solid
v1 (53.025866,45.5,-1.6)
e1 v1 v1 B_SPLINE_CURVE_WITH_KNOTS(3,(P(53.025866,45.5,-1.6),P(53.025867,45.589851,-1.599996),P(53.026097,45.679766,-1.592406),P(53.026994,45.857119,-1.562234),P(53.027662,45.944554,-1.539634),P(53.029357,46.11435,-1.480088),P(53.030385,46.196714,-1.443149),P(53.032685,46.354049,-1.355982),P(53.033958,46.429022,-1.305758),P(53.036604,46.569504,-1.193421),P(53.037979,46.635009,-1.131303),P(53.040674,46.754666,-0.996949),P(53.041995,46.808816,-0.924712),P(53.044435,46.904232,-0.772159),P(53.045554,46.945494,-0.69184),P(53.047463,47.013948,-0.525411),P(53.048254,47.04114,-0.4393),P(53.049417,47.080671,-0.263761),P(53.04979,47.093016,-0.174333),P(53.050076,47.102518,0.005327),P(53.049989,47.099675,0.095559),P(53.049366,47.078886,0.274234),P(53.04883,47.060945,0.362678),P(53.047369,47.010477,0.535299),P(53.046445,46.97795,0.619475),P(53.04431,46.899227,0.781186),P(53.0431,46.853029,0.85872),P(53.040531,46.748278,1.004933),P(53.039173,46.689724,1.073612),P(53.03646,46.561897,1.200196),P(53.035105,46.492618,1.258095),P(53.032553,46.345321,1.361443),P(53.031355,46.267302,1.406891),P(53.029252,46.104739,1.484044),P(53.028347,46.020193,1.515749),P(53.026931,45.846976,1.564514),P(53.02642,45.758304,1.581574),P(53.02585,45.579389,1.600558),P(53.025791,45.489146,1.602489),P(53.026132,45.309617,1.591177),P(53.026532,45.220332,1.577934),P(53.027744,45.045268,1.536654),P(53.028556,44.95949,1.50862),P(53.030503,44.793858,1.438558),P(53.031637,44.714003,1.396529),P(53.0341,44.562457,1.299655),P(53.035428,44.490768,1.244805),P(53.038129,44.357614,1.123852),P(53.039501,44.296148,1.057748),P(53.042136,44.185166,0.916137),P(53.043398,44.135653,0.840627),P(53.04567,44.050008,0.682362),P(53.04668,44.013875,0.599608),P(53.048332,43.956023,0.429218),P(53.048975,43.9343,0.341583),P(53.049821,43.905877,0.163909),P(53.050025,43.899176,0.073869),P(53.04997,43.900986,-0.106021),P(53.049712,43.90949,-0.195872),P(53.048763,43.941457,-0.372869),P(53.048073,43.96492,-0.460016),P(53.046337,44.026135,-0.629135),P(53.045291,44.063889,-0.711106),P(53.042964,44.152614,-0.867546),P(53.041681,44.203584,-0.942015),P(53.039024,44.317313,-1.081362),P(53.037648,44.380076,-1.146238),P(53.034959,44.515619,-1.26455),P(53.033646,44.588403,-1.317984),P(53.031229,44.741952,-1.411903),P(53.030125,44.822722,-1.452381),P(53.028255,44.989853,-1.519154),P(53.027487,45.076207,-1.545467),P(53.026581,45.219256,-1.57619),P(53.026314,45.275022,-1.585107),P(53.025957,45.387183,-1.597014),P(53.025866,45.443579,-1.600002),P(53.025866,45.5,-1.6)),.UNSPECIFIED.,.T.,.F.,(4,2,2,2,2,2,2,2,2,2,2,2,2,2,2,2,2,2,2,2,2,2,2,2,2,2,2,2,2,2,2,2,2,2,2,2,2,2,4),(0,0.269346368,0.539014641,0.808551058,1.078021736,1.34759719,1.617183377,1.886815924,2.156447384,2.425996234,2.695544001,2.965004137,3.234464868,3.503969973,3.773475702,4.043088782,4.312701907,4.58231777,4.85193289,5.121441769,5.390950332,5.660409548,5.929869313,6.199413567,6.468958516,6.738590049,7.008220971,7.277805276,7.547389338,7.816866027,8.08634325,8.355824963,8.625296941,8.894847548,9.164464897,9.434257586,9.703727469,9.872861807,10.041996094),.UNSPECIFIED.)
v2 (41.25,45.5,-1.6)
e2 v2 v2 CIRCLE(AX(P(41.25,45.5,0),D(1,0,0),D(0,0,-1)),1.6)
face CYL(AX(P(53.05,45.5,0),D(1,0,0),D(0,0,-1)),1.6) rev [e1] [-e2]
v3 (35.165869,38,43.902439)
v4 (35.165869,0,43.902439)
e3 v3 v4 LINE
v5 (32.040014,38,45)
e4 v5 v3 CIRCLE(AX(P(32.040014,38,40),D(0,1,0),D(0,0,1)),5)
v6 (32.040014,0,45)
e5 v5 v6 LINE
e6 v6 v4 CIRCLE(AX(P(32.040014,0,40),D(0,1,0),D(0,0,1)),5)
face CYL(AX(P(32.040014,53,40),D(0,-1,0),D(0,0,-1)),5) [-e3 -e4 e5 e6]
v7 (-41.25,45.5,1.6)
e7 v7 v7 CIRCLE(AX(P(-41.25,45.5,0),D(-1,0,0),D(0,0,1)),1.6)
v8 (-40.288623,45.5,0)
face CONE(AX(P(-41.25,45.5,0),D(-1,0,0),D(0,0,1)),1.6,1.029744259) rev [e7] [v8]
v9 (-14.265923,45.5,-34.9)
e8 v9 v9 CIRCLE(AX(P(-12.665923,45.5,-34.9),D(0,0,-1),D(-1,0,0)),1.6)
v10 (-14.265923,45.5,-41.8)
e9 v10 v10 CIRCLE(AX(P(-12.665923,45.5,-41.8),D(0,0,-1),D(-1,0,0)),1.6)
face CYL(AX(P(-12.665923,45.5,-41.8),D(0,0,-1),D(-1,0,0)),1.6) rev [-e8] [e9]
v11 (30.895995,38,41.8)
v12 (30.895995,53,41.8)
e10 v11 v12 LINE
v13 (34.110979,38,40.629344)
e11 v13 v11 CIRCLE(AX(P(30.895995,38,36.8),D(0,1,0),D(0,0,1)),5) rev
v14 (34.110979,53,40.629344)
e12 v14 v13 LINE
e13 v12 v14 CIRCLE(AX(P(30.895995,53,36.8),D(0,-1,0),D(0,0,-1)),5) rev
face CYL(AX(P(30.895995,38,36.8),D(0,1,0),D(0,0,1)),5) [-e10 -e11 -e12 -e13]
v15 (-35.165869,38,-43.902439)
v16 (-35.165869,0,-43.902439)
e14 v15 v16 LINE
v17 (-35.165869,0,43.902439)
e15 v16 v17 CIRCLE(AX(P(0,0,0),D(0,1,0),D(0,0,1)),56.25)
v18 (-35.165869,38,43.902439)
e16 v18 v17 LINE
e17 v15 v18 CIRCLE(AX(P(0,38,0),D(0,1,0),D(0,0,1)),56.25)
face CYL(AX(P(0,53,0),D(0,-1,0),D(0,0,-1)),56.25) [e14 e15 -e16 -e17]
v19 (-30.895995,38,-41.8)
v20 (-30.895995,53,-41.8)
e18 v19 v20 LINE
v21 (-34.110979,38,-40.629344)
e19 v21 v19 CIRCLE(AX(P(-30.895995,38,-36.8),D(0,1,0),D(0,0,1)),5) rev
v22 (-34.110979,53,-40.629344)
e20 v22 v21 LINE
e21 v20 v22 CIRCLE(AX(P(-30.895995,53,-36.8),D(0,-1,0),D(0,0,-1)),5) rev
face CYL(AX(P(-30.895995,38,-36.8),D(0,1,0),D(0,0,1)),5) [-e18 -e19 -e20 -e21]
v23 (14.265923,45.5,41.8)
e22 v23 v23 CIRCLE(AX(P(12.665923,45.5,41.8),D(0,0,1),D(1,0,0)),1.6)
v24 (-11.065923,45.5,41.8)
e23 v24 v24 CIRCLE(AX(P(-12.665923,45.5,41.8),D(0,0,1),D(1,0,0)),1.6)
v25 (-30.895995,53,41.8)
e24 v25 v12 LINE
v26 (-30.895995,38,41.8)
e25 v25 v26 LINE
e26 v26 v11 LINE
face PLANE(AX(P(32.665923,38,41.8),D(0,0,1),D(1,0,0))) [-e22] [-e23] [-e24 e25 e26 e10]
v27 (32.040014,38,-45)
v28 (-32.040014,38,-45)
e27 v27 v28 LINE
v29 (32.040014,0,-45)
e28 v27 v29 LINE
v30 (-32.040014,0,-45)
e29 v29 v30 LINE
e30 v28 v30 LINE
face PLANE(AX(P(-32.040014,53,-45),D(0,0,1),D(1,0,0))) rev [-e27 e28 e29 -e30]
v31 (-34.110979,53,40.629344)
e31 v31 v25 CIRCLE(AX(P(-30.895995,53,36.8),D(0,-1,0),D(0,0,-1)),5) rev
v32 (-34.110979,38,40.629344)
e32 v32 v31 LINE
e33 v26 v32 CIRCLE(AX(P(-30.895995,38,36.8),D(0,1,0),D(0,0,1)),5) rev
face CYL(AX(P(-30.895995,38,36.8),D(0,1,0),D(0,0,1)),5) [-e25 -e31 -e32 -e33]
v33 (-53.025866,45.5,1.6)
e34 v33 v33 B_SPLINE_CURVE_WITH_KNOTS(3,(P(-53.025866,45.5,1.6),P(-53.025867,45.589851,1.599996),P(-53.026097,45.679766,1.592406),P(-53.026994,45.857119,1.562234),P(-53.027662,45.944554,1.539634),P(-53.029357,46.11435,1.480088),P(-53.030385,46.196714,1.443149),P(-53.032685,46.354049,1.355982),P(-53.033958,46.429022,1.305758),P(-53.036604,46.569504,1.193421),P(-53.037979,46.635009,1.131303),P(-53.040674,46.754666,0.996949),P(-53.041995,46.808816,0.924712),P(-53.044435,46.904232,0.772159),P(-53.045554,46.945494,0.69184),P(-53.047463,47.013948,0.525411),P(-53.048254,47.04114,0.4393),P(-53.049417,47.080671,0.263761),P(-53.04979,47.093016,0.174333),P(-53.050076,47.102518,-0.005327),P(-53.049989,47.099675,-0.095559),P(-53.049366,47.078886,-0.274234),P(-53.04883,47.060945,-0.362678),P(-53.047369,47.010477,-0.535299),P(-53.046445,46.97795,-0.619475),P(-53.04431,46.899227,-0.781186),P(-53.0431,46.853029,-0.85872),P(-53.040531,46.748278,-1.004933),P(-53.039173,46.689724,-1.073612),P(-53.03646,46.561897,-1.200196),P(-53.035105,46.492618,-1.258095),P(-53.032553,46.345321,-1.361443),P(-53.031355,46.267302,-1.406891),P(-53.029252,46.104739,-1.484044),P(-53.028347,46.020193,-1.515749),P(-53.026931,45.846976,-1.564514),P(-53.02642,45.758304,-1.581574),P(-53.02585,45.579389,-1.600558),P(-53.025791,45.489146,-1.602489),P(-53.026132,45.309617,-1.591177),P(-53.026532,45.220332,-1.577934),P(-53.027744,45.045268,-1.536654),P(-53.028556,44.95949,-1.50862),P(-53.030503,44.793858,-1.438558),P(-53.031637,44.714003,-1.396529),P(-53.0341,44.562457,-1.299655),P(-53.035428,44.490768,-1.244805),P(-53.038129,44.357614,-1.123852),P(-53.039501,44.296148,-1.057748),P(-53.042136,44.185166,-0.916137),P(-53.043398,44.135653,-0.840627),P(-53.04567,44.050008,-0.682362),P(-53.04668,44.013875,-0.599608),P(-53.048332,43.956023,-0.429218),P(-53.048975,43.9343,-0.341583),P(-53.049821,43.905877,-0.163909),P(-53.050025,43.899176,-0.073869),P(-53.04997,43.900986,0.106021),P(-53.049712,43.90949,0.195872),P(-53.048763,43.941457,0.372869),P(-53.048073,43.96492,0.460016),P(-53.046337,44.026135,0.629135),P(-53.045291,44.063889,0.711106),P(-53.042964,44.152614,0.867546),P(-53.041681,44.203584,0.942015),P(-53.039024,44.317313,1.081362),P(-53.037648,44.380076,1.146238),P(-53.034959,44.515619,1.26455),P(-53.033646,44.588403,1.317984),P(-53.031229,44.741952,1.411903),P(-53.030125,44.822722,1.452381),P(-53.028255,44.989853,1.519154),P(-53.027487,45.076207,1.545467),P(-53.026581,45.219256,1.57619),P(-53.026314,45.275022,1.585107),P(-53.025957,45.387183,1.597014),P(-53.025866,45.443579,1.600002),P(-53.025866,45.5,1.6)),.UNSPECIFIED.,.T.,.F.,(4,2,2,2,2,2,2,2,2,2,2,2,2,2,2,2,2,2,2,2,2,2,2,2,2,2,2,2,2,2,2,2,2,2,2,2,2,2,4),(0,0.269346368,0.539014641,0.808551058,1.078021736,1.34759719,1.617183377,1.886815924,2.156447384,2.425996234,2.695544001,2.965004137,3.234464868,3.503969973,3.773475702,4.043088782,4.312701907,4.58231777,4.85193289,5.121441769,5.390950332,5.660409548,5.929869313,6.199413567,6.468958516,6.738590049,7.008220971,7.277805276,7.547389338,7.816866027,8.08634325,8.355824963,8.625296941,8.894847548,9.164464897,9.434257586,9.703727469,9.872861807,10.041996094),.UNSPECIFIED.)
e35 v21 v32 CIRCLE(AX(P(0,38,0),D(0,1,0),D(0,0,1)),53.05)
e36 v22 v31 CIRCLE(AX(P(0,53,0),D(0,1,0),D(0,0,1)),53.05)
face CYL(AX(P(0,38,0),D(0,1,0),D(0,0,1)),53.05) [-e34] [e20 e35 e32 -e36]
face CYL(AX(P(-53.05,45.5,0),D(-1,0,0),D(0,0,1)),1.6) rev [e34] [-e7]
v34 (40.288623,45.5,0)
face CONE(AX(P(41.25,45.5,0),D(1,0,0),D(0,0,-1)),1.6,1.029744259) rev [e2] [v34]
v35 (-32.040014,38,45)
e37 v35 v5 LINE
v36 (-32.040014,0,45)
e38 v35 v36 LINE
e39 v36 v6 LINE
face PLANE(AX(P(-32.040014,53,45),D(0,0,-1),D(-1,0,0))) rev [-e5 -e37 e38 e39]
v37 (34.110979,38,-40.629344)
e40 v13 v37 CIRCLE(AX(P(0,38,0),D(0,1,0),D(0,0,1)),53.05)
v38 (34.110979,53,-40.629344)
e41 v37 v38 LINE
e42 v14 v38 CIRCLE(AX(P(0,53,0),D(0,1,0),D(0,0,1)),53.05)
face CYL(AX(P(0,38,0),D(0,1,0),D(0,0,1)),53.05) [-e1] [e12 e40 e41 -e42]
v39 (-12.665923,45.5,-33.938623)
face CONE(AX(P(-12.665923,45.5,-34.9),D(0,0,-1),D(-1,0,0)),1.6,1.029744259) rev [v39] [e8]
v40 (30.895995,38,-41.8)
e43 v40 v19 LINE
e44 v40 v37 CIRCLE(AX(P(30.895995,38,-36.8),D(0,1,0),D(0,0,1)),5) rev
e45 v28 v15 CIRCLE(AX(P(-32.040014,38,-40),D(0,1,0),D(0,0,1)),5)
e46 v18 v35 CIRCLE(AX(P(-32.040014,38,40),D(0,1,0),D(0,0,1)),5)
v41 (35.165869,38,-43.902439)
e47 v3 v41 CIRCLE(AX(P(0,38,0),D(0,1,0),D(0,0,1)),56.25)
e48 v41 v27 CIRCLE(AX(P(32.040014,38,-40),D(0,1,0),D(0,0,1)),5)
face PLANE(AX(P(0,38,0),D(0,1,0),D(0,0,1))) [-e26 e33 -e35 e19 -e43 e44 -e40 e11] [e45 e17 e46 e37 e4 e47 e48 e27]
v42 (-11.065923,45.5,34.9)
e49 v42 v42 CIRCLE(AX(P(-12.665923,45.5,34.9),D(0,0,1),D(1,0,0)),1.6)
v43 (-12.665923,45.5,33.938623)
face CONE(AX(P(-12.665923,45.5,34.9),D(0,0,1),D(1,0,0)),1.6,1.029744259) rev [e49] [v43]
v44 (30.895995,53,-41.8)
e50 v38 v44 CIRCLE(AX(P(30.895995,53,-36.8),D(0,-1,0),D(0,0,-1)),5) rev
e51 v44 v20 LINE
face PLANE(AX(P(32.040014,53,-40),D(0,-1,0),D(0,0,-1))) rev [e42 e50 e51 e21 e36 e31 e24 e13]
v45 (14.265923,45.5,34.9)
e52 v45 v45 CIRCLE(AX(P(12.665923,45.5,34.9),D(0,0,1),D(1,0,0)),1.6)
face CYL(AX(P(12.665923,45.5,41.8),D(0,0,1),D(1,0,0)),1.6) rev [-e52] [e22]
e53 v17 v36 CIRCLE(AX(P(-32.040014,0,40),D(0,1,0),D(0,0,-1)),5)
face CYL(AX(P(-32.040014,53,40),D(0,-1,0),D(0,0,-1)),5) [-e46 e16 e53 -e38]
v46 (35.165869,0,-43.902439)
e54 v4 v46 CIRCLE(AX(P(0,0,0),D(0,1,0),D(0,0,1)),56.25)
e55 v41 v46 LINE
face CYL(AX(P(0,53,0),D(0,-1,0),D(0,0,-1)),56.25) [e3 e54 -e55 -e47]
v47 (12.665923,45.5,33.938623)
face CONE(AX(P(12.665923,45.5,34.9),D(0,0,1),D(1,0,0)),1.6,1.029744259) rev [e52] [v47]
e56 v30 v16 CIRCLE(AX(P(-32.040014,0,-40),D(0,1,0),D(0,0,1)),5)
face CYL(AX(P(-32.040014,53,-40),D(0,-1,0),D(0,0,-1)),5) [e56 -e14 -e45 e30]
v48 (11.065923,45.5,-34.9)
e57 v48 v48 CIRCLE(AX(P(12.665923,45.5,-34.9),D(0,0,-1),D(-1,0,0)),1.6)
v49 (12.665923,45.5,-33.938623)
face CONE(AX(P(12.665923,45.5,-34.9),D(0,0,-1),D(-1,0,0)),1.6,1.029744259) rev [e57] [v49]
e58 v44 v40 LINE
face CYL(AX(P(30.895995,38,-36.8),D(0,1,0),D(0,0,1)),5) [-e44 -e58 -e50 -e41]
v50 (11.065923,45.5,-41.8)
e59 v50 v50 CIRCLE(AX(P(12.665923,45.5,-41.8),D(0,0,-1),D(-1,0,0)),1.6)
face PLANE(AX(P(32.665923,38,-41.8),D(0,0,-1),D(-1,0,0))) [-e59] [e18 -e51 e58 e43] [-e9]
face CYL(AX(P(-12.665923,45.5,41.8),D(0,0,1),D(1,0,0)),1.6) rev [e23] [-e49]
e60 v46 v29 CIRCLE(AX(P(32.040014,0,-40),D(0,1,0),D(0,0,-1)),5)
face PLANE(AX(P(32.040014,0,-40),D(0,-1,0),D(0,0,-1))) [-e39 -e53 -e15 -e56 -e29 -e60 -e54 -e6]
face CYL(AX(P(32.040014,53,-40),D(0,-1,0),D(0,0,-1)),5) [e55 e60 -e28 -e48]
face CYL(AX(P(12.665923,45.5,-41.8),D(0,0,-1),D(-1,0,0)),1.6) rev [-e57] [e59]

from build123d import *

# Parameters (mm, degrees)
Y_KSEKLIK_EKSTR_ZYON1_DEPTH = 53
KES_EKSTR_ZYON1_START       = -15
KES_EKSTR_ZYON1_DEPTH       = 15
M3_BO_LUKLU_DELIK2_D        = 3.2
M3_BO_LUKLU_DELIK2_DEPTH    = 6.9
M3_BO_LUKLU_DELIK2_TIP      = 0.96137699
M3_BO_LUKLU_DELIK1_D        = 3.2
M3_BO_LUKLU_DELIK1_DEPTH    = 6.9
M3_BO_LUKLU_DELIK1_TIP      = 0.96137699
RADYUS1_R                   = 5
DAIRESEL_KAPLAMA1_COUNT     = 2
DAIRESEL_KAPLAMA1_ANGLE     = 180


with BuildPart() as part:
    # Çizim1 → Yükseklik-Ekstrüzyon1 (new body)
    with BuildSketch(Plane(origin=(0, 0, 0), x_dir=(1, 0, 0), z_dir=(0, 1, 0))):
        with BuildLine():
            Line((-32.040014045, 45), (32.040014045, 45))
            ThreePointArc((32.040014045, 45), (33.696486936, 44.717636862), (35.165869074, 43.902439024))
            ThreePointArc((35.165869074, 43.902439024), (56.25, 0), (35.165869074, -43.902439024))
            ThreePointArc((35.165869074, -43.902439024), (33.696486936, -44.717636862), (32.040014045, -45))
            Line((32.040014045, -45), (-32.040014045, -45))
            ThreePointArc((-32.040014045, -45), (-33.696486936, -44.717636862), (-35.165869074, -43.902439024))
            ThreePointArc((-35.165869074, -43.902439024), (-56.25, 0), (-35.165869074, 43.902439024))
            ThreePointArc((-35.165869074, 43.902439024), (-33.696486936, 44.717636862), (-32.040014045, 45))
        make_face()
    extrude(amount=Y_KSEKLIK_EKSTR_ZYON1_DEPTH)

    # Çizim2 → Kes-Ekstrüzyon1 (cut)
    with BuildSketch(Plane(origin=(0, 53, 0), x_dir=(1, 0, 0), z_dir=(0, 1, 0)).offset(KES_EKSTR_ZYON1_START)):
        with BuildLine():
            Line((33.75, 45), (-33.75, 45))
            ThreePointArc((-33.75, 45), (-56.25, 0), (-33.75, -45))
            Line((-33.75, -45), (33.75, -45))
            ThreePointArc((33.75, -45), (56.25, 0), (33.75, 45))
        make_face()
        with BuildLine():
            Line((32.665922611, -41.8), (-32.665922611, -41.8))
            ThreePointArc((-32.665922611, -41.8), (-53.05, 0), (-32.665922611, 41.8))
            Line((-32.665922611, 41.8), (32.665922611, 41.8))
            ThreePointArc((32.665922611, 41.8), (53.05, 0), (32.665922611, -41.8))
        make_face(mode=Mode.SUBTRACT)
    extrude(amount=KES_EKSTR_ZYON1_DEPTH, mode=Mode.SUBTRACT)

    # M3 Boşluklu Delik2
    with Locations(Plane(origin=(0, 0, -41.8), x_dir=(-1, 0, 0), z_dir=(0, 0, -1))):
        with Locations((12.665922611, 45.5), (-12.665922611, 45.5)):
            Hole(M3_BO_LUKLU_DELIK2_D / 2, depth=M3_BO_LUKLU_DELIK2_DEPTH)
            with Locations((0, 0, -(M3_BO_LUKLU_DELIK2_DEPTH + M3_BO_LUKLU_DELIK2_TIP / 2))):  # 118° drill point
                Cone(0, M3_BO_LUKLU_DELIK2_D / 2, M3_BO_LUKLU_DELIK2_TIP, mode=Mode.SUBTRACT)

    # M3 Boşluklu Delik1
    with Locations(Plane.XY.offset(41.8)):
        with Locations((12.665922611, 45.5), (-12.665922611, 45.5)):
            Hole(M3_BO_LUKLU_DELIK1_D / 2, depth=M3_BO_LUKLU_DELIK1_DEPTH)
            with Locations((0, 0, -(M3_BO_LUKLU_DELIK1_DEPTH + M3_BO_LUKLU_DELIK1_TIP / 2))):  # 118° drill point
                Cone(0, M3_BO_LUKLU_DELIK1_D / 2, M3_BO_LUKLU_DELIK1_TIP, mode=Mode.SUBTRACT)

    # Radyus1
    radyus1_edges = [part.edges().sort_by_distance(p)[0] for p in [
        (-32.665922611, 45.5, -41.8),
        (32.665922611, 45.5, -41.8),
        (32.665922611, 45.5, 41.8),
        (-32.665922611, 45.5, 41.8),
    ]]
    fillet(radyus1_edges, radius=RADYUS1_R)

    # Çizim19 → M3 Boşluklu Delik3 (revolve, cut)
    with BuildSketch(Plane(origin=(53.05, 45.5, 0), x_dir=(0, 0, -1), z_dir=(0, 1, 0))):
        Polygon((0, 0), (0, 12.76137699), (1.6, 11.8), (1.6, 0), align=None)
    m3_bo_luklu_delik3 = revolve(axis=Axis((59.4, 45.5, 0), (-1, 0, 0)), mode=Mode.SUBTRACT)

    # Dairesel Kaplama1: M3 Boşluklu Delik3 ×2 about axis
    dairesel_kaplama1_axis = Axis((0, 53, 0), (0, 1, 0))
    for i in range(1, DAIRESEL_KAPLAMA1_COUNT):
        add(m3_bo_luklu_delik3.rotate(dairesel_kaplama1_axis, i * DAIRESEL_KAPLAMA1_ANGLE / (DAIRESEL_KAPLAMA1_COUNT - 1)), mode=Mode.SUBTRACT)


solid = part.part
